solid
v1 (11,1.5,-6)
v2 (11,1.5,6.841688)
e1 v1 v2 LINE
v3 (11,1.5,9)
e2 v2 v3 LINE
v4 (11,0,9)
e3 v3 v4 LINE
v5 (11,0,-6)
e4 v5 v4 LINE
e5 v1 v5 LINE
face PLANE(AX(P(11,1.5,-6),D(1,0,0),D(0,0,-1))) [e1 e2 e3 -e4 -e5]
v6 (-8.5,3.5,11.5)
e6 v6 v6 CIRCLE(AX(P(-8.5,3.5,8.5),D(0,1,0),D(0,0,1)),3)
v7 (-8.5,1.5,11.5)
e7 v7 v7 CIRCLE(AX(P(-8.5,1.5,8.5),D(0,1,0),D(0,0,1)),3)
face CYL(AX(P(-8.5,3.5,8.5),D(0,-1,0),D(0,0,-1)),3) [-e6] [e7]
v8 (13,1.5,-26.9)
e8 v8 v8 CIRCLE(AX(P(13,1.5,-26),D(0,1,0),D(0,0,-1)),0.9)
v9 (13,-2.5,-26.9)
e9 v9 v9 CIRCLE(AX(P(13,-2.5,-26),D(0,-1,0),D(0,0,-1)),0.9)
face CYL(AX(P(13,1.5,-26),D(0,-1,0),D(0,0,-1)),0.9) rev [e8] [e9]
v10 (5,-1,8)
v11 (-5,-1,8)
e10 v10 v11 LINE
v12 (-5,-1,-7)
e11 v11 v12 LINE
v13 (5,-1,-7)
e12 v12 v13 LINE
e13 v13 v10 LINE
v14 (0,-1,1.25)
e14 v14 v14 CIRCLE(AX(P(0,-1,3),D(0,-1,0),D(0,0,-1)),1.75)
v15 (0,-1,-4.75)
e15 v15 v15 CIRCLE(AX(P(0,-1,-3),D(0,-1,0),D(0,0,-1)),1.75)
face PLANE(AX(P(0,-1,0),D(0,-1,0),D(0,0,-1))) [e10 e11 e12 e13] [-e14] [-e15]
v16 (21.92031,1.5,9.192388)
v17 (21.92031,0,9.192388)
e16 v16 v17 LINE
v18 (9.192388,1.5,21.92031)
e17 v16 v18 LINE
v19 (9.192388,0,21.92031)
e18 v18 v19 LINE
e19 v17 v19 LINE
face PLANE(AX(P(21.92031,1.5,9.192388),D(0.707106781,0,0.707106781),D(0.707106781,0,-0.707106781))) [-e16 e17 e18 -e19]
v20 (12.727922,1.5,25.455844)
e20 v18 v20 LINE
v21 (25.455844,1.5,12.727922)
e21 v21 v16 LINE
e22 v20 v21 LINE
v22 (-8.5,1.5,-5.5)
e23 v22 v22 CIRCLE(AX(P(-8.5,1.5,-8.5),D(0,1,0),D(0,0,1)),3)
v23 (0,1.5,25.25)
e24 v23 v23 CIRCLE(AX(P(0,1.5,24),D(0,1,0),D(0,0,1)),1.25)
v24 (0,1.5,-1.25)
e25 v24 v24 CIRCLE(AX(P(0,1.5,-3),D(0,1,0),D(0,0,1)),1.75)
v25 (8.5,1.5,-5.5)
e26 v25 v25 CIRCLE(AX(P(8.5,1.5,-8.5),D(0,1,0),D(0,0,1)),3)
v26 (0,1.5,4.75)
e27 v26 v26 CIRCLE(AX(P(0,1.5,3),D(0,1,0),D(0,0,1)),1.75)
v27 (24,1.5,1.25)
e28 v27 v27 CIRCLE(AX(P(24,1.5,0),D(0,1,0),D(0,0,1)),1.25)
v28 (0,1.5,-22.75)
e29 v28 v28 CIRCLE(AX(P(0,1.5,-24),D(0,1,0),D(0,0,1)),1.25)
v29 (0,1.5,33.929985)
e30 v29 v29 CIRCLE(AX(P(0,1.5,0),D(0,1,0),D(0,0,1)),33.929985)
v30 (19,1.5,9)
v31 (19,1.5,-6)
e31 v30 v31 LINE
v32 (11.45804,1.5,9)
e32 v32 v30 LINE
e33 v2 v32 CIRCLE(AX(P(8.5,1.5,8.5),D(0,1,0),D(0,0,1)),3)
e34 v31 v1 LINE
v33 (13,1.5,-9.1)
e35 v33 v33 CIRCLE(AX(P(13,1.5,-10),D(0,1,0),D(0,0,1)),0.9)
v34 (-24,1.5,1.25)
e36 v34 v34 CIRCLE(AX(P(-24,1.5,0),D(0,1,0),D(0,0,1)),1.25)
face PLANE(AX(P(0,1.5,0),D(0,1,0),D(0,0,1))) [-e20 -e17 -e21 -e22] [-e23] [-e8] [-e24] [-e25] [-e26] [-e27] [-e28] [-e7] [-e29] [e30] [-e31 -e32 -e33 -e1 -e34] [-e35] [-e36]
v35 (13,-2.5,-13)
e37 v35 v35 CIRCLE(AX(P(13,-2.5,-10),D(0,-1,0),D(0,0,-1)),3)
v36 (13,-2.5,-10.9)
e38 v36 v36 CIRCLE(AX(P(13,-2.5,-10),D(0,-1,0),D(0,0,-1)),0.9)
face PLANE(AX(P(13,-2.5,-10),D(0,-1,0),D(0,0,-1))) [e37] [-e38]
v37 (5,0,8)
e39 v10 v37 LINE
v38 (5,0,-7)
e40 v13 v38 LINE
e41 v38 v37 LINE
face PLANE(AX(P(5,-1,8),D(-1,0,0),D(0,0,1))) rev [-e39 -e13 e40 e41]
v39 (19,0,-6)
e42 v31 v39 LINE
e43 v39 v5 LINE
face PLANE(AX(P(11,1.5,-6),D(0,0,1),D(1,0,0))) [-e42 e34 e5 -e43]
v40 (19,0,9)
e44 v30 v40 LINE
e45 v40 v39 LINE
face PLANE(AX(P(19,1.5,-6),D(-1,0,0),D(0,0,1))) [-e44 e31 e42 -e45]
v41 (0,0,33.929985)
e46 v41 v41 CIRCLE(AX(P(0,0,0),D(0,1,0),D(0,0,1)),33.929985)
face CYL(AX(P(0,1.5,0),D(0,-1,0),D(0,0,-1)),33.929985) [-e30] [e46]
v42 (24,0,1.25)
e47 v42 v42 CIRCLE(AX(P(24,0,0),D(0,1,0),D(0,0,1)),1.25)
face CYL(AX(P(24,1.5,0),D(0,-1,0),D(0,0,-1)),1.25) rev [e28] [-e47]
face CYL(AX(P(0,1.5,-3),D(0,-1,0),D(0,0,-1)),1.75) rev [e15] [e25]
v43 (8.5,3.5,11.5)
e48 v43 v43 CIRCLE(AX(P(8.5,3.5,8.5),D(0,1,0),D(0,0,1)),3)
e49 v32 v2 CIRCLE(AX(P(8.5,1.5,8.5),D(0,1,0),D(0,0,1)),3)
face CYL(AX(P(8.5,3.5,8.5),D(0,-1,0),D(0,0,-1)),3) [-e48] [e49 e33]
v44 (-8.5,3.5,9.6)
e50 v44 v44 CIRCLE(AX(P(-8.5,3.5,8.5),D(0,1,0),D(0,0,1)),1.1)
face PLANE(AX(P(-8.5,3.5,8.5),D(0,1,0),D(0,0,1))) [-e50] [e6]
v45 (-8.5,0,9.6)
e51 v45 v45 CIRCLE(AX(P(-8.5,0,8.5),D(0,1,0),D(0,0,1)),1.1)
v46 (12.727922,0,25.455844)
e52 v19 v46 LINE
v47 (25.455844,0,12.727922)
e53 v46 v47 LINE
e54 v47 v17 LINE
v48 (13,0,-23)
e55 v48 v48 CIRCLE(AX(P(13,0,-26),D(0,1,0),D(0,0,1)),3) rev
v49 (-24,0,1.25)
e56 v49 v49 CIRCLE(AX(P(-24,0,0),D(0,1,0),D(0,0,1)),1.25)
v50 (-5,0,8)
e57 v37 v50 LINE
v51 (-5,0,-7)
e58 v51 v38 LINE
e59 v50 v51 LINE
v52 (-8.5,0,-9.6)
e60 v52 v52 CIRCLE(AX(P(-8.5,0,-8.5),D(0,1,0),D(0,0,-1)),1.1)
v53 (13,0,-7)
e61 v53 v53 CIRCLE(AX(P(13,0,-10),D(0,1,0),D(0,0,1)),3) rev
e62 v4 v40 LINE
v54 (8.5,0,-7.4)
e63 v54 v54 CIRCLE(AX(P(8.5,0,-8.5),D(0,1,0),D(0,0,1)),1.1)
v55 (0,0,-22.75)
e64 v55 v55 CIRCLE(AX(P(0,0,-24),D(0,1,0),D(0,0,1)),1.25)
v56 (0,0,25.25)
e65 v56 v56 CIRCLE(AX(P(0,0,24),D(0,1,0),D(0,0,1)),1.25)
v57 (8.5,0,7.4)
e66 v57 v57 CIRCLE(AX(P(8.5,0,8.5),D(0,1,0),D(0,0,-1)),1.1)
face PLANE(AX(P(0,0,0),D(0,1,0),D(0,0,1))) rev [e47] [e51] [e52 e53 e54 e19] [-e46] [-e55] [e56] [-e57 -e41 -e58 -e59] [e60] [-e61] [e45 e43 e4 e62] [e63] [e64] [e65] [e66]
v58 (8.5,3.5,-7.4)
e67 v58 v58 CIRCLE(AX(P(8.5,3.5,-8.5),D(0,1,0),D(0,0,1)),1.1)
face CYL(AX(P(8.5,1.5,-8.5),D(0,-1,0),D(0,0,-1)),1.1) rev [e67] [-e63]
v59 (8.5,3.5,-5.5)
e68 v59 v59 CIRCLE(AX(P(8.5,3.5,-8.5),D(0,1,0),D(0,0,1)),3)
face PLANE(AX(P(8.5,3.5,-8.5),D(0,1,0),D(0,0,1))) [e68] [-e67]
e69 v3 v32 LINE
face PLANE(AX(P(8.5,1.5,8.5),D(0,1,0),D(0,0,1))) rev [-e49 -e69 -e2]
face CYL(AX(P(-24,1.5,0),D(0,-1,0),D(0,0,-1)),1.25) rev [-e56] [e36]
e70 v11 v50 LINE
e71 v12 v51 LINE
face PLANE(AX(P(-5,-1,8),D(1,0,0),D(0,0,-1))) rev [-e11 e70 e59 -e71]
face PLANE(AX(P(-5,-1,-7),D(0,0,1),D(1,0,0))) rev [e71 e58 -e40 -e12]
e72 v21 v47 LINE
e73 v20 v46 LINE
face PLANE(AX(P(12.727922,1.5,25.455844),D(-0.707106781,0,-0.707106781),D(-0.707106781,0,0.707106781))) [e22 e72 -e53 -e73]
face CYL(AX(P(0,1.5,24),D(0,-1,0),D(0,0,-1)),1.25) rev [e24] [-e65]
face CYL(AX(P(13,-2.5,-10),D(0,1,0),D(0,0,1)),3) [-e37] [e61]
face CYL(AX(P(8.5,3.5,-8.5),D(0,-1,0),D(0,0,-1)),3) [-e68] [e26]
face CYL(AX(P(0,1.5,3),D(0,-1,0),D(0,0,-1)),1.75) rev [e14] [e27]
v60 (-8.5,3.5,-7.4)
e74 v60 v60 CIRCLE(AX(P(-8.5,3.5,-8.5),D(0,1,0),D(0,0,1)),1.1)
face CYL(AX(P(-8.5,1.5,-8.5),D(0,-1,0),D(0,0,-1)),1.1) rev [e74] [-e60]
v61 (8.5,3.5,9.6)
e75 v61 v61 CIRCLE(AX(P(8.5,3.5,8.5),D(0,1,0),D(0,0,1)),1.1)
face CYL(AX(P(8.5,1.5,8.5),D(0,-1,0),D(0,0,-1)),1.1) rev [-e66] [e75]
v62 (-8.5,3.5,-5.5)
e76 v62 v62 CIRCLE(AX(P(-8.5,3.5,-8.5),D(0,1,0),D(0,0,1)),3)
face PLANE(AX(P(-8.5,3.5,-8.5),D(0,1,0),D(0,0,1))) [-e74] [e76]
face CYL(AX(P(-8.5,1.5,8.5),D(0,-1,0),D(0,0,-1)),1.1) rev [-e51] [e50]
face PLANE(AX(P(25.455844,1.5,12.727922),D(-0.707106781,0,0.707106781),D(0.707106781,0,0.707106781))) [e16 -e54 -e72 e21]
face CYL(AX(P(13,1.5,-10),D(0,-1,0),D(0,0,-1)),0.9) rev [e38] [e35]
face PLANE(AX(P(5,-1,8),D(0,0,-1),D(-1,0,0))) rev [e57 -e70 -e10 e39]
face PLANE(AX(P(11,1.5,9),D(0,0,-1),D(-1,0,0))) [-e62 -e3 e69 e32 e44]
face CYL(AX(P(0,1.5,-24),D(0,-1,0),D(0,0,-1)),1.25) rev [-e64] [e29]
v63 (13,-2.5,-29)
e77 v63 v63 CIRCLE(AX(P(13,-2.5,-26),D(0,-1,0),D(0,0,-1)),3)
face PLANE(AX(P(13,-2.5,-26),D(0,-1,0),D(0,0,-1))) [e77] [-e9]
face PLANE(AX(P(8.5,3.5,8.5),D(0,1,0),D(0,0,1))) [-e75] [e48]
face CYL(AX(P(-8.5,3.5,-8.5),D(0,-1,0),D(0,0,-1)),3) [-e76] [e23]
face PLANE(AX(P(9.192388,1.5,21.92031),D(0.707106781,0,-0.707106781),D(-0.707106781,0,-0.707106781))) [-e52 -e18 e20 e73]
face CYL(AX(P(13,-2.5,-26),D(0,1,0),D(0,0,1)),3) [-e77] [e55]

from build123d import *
from build123d.topology import SkipClean

# Parameters (mm, degrees)
SKETCH_1_R      = 33.929985128
SKETCH_1_R_2    = 1.25
SKETCH_1_R_3    = 1.1
SKETCH_1_R_4    = 1.75
SKETCH_1_R_5    = 0.9
SKETCH_1_W      = 8
SKETCH_1_H      = 15
EXTRUDE_1_DEPTH = 1.5
SKETCH_2_R      = 3
SKETCH_2_R_2    = 1.1
EXTRUDE_2_DEPTH = 2
EXTRUDE_START   = 1
SKETCH_3_W      = 10
SKETCH_3_H      = 15
SKETCH_3_R      = 1.75
EXTRUDE_3_DEPTH = 1
EXTRUDE_START_2 = 2.5
SKETCH_5_R      = 3
SKETCH_5_R_2    = 0.9
EXTRUDE_5_DEPTH = 2.5


with BuildPart() as part:
    # 草图1 → 凸台-拉伸1 (new body)
    with BuildSketch(Plane(origin=(0, 0, 0), x_dir=(1, 0, 0), z_dir=(0, 1, 0))):
        with Locations(Location((0, 0, 0), (0, 0, 270))):
            Circle(SKETCH_1_R)
        with Locations(Location((0, 24, 0), (0, 0, 270))):
            Circle(SKETCH_1_R_2, mode=Mode.SUBTRACT)
        with Locations(Location((24, 0, 0), (0, 0, 270))):
            Circle(SKETCH_1_R_2, mode=Mode.SUBTRACT)
        with Locations(Location((0, -24, 0), (0, 0, 270))):
            Circle(SKETCH_1_R_2, mode=Mode.SUBTRACT)
        with Locations(Location((-24, 0, 0), (0, 0, 270))):
            Circle(SKETCH_1_R_2, mode=Mode.SUBTRACT)
        with Locations(Location((8.5, 8.5, 0), (0, 0, 270))):
            Circle(SKETCH_1_R_3, mode=Mode.SUBTRACT)
        with Locations(Location((-8.5, 8.5, 0), (0, 0, 90))):
            Circle(SKETCH_1_R_3, mode=Mode.SUBTRACT)
        with Locations(Location((8.5, -8.5, 0), (0, 0, 90))):
            Circle(SKETCH_1_R_3, mode=Mode.SUBTRACT)
        with Locations(Location((-8.5, -8.5, 0), (0, 0, 270))):
            Circle(SKETCH_1_R_3, mode=Mode.SUBTRACT)
        with Locations(Location((0, 3, 0), (0, 0, 270))):
            Circle(SKETCH_1_R_4, mode=Mode.SUBTRACT)
        with Locations(Location((0, -3, 0), (0, 0, 270))):
            Circle(SKETCH_1_R_4, mode=Mode.SUBTRACT)
        with Locations(Location((13, 10, 0), (0, 0, 270))):
            Circle(SKETCH_1_R_5, mode=Mode.SUBTRACT)
        with Locations(Location((13, 26, 0), (0, 0, 90))):
            Circle(SKETCH_1_R_5, mode=Mode.SUBTRACT)
        Polygon((21.920310217, -9.192388155), (9.192388155, -21.920310217), (12.727922061, -25.455844123), (25.455844123, -12.727922061), align=None, mode=Mode.SUBTRACT)
        with Locations((15, -1.5)):
            Rectangle(SKETCH_1_W, SKETCH_1_H, mode=Mode.SUBTRACT)
    extrude(amount=EXTRUDE_1_DEPTH)

    # 草图2 → 凸台-拉伸2 (add)
    # profile 1 of 4: a face of its own
    with BuildSketch(Plane(origin=(0, 1.5, 0), x_dir=(1, 0, 0), z_dir=(0, 1, 0))):
        with Locations(Location((-8.5, 8.5, 0), (0, 0, 270))):
            Circle(SKETCH_2_R)
        with Locations(Location((-8.5, 8.5, 0), (0, 0, 90))):
            Circle(SKETCH_2_R_2, mode=Mode.SUBTRACT)
    # profile 2 of 4: a face of its own
    with BuildSketch(Plane(origin=(0, 1.5, 0), x_dir=(1, 0, 0), z_dir=(0, 1, 0))):
        with Locations(Location((8.5, 8.5, 0), (0, 0, 270))):
            Circle(SKETCH_2_R)
        with Locations(Location((8.5, 8.5, 0), (0, 0, 270))):
            Circle(SKETCH_2_R_2, mode=Mode.SUBTRACT)
    # profile 3 of 4: a face of its own
    with BuildSketch(Plane(origin=(0, 1.5, 0), x_dir=(1, 0, 0), z_dir=(0, 1, 0))):
        with Locations(Location((8.5, -8.5, 0), (0, 0, 33.557309762))):
            Circle(SKETCH_2_R)
        with Locations(Location((8.5, -8.5, 0), (0, 0, 90))):
            Circle(SKETCH_2_R_2, mode=Mode.SUBTRACT)
    # profile 4 of 4: a face of its own
    with BuildSketch(Plane(origin=(0, 1.5, 0), x_dir=(1, 0, 0), z_dir=(0, 1, 0))):
        with Locations(Location((-8.5, -8.5, 0), (0, 0, 270))):
            Circle(SKETCH_2_R)
        with Locations(Location((-8.5, -8.5, 0), (0, 0, 270))):
            Circle(SKETCH_2_R_2, mode=Mode.SUBTRACT)
    extrude(amount=EXTRUDE_2_DEPTH)

    # 草图3 → 凸台-拉伸3 (add)
    with SkipClean():  # the faces are left unmerged after this step: merging them gives an invalid solid
        with BuildSketch(Plane.XZ.offset(EXTRUDE_START)):
            with Locations((0, 0.5)):
                Rectangle(SKETCH_3_W, SKETCH_3_H)
            with Locations(Location((0, 3, 0), (0, 0, 270))):
                Circle(SKETCH_3_R, mode=Mode.SUBTRACT)
            with Locations(Location((0, -3, 0), (0, 0, 270))):
                Circle(SKETCH_3_R, mode=Mode.SUBTRACT)
        extrude(amount=-EXTRUDE_3_DEPTH)

    # 草图5 → 凸台-拉伸5 (add)
    # profile 1 of 2: a face of its own
    with SkipClean():  # the faces are left unmerged after this step: merging them gives an invalid solid
        with BuildSketch(Plane.XZ.offset(EXTRUDE_START_2)):
            with Locations(Location((13, -26, 0), (0, 0, 90))):
                Circle(SKETCH_5_R)
            with Locations(Location((13, -26, 0), (0, 0, 270))):
                Circle(SKETCH_5_R_2, mode=Mode.SUBTRACT)
        # profile 2 of 2: a face of its own
        with BuildSketch(Plane.XZ.offset(EXTRUDE_START_2)):
            with Locations(Location((13, -10, 0), (0, 0, 90))):
                Circle(SKETCH_5_R)
            with Locations(Location((13, -10, 0), (0, 0, 270))):
                Circle(SKETCH_5_R_2, mode=Mode.SUBTRACT)
        extrude(amount=-EXTRUDE_5_DEPTH)


solid = part.part
